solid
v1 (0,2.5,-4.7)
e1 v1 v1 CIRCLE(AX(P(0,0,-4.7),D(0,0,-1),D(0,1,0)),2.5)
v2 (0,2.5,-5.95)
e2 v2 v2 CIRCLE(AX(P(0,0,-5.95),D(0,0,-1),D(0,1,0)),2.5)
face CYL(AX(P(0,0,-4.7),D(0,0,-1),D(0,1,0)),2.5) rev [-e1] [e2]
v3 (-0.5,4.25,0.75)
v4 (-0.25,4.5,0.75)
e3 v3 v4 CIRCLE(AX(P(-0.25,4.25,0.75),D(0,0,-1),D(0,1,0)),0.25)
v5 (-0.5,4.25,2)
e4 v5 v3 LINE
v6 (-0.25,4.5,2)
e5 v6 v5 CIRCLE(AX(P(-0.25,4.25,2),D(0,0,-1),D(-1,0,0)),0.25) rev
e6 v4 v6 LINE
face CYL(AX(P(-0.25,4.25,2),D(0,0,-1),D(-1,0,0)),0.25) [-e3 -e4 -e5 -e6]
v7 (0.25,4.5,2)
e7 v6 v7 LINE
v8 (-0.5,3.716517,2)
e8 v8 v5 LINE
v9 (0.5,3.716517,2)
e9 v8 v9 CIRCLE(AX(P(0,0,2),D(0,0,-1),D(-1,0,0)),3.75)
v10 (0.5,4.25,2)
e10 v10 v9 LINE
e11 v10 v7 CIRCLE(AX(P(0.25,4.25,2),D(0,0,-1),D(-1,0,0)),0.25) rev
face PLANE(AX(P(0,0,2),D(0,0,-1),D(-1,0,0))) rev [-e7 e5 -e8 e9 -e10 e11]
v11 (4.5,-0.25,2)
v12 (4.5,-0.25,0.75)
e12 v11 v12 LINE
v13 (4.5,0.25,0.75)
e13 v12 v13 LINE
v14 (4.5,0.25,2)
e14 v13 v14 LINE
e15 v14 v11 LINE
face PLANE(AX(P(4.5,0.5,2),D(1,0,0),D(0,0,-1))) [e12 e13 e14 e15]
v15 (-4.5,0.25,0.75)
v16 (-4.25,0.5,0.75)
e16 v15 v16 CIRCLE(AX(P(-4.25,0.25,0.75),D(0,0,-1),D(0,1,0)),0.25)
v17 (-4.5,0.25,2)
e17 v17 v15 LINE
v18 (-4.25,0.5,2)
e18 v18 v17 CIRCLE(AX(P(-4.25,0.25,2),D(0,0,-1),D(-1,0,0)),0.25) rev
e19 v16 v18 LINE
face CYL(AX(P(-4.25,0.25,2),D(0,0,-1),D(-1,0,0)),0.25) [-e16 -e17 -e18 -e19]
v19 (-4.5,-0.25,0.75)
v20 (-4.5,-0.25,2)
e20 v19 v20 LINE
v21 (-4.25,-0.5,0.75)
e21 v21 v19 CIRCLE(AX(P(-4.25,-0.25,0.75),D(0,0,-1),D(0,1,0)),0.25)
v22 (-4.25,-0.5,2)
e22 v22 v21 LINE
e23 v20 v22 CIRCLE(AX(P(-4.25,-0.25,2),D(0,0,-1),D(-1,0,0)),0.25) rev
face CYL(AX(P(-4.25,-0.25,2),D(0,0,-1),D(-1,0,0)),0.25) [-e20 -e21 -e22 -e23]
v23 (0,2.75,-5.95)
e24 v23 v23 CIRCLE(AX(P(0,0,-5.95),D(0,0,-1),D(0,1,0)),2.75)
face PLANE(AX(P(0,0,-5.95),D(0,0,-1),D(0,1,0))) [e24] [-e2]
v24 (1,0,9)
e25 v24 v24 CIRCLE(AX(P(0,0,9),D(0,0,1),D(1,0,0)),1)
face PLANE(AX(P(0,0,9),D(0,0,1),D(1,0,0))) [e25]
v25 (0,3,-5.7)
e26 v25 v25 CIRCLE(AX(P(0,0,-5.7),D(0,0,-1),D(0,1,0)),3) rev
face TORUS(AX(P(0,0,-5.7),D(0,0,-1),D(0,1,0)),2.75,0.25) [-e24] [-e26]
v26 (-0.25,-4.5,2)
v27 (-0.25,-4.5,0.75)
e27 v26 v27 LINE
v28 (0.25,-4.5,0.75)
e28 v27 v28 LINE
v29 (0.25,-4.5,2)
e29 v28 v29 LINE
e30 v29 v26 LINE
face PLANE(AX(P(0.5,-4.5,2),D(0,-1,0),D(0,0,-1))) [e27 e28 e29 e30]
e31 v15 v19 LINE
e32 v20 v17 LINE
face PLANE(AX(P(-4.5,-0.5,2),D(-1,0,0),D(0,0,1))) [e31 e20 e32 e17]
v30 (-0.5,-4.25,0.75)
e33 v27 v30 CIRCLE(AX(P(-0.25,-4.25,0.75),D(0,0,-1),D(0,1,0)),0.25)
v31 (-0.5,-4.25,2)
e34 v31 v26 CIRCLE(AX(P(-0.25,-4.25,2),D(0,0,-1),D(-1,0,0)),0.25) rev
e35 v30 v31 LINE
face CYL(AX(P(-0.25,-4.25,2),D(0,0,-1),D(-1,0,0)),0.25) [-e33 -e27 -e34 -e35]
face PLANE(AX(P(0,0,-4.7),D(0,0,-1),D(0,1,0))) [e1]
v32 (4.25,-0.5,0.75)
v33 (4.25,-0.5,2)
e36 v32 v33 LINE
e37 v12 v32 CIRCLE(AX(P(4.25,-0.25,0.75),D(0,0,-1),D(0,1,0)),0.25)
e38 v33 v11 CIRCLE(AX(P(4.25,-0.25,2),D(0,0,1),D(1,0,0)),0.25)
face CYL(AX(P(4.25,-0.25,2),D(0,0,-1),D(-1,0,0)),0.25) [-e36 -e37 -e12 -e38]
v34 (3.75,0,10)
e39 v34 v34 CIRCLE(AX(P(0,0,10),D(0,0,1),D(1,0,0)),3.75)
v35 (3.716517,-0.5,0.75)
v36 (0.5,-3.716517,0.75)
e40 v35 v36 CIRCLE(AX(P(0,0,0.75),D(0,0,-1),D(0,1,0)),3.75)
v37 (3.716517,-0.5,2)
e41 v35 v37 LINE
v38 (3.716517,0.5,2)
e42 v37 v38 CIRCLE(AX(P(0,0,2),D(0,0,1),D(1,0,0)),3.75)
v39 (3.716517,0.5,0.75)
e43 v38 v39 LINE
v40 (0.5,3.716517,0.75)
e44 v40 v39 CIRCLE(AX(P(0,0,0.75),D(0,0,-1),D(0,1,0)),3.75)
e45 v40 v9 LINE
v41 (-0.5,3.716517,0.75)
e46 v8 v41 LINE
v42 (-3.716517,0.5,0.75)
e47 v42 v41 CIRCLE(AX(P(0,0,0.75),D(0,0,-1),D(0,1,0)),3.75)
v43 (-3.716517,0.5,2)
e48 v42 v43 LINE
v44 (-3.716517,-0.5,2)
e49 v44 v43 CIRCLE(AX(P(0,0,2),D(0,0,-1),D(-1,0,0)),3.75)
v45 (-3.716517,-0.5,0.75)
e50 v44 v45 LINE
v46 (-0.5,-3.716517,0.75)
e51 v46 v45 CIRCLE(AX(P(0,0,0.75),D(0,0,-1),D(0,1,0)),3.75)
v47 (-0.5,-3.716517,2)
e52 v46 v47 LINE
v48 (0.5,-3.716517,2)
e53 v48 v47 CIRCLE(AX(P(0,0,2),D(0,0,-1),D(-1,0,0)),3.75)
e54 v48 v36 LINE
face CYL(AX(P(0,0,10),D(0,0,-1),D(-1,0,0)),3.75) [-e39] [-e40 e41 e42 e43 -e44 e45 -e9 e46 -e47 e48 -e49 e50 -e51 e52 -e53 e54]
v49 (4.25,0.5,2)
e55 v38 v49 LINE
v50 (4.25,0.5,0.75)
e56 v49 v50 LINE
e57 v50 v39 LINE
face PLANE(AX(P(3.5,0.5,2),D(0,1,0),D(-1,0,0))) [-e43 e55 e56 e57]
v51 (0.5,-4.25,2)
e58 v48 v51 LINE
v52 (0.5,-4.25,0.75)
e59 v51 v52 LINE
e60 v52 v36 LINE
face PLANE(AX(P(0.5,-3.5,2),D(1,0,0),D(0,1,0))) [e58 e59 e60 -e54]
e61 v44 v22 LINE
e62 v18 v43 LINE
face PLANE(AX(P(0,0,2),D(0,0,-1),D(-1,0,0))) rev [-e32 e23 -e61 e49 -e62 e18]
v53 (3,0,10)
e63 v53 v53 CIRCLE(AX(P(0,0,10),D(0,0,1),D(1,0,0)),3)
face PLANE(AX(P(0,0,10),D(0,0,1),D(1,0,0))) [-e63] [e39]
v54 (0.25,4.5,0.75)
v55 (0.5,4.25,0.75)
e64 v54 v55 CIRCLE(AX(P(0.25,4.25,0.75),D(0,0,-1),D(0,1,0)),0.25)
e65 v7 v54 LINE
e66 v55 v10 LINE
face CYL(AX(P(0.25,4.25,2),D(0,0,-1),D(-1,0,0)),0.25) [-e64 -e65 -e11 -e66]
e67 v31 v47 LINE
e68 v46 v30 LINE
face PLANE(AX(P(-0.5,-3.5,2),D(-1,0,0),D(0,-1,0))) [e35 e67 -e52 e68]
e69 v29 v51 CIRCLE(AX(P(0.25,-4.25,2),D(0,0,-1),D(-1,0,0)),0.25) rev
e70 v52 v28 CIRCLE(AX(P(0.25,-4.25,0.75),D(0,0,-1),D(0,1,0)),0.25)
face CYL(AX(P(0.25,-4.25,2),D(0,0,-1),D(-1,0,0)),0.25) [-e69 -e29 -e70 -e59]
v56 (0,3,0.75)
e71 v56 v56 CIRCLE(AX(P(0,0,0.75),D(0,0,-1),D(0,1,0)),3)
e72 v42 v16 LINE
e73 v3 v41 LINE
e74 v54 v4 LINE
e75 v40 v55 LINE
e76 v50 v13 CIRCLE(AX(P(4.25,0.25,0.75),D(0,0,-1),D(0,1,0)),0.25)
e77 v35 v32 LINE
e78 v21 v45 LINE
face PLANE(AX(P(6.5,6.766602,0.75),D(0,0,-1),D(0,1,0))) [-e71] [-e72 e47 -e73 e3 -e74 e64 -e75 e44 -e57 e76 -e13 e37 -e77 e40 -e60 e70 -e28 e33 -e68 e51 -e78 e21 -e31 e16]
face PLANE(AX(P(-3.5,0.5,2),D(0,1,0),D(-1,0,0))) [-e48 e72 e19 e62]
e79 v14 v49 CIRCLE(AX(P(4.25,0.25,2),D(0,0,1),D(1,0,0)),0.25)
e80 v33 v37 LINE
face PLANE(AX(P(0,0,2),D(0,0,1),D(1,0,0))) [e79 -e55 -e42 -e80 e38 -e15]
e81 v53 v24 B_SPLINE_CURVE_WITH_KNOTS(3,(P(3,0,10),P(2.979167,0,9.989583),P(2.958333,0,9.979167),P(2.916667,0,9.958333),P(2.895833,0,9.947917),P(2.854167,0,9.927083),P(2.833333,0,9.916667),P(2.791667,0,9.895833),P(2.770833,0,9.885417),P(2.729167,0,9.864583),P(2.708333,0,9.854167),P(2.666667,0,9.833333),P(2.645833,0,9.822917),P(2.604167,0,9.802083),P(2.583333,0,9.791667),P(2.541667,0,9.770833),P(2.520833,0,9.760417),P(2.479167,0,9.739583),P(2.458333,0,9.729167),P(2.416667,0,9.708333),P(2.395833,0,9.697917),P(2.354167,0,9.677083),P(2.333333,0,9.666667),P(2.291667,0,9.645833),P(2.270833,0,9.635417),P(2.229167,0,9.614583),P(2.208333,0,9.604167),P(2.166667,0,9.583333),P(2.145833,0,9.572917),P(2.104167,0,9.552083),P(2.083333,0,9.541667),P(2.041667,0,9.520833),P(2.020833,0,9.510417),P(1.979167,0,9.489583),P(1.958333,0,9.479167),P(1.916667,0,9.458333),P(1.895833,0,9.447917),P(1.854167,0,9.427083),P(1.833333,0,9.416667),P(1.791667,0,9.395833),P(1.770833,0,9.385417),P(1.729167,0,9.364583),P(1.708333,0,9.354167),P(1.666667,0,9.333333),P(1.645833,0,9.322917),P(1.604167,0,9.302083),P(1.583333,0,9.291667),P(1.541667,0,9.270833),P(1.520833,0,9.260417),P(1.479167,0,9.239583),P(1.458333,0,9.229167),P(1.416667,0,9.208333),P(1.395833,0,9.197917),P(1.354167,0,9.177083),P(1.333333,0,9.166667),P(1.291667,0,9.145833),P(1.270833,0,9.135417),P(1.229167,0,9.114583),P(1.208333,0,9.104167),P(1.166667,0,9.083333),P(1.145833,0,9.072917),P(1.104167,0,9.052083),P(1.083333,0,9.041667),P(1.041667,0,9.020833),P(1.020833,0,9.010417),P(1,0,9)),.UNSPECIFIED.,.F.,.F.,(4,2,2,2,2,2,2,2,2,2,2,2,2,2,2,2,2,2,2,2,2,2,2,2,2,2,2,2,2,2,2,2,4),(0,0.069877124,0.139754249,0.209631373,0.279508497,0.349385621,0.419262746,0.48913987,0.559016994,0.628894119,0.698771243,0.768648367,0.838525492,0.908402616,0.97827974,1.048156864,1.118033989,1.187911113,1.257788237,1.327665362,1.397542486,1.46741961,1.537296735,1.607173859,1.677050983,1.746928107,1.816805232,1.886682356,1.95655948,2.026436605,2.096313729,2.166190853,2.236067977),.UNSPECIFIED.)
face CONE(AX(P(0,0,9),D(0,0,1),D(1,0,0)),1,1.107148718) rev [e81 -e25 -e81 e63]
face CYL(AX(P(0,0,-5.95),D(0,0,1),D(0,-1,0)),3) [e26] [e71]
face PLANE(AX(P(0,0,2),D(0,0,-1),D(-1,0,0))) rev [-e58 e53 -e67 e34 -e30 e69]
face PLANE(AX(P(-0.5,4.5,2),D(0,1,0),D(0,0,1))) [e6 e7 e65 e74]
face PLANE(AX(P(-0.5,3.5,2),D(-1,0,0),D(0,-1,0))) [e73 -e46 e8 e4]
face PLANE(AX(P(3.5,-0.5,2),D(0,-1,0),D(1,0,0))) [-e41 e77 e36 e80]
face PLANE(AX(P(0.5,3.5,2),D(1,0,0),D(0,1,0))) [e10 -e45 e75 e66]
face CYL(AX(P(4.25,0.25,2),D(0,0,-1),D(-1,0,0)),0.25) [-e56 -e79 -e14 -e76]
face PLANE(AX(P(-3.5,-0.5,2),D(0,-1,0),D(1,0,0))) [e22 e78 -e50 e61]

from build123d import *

# Parameters (mm, degrees)
SKETCH1_R               = 3.75
BOSS_EXTRUDE1_DEPTH     = 10
SKETCH4_W               = 1
SKETCH4_H               = 1
BOSS_EXTRUDE2_DEPTH     = 2
CUT_EXTRUDE1_DEPTH      = 6.5
CUT_EXTRUDE1_DEPTH_BACK = 6.5
SKETCH5_W               = 3.094482754
SKETCH5_H               = 13.244386188
SKETCH6_R               = 3
BOSS_EXTRUDE3_DEPTH     = 6.7
SKETCH7_R               = 2.5
CUT_EXTRUDE2_DEPTH      = 1.25
FILLET2_R               = 0.25
FILLET3_R               = 0.25


with BuildPart() as part:
    # Sketch1 → Boss-Extrude1 (new body)
    with BuildSketch(Plane.XY):
        Circle(SKETCH1_R)
    extrude(amount=BOSS_EXTRUDE1_DEPTH)

    # Sketch3 → Cut-Revolve1 (revolve, cut)
    with BuildSketch(Plane(origin=(0, 0, 0), x_dir=(1, 0, 0), z_dir=(0, 1, 0)), mode=Mode.PRIVATE) as cut_revolve1_sk:
        Polygon((-3, -10), (0, -10), (0, -9), (-1, -9), align=None)
    revolve(cut_revolve1_sk.sketch.rotate(Axis((0, 0, 10), (0, 0, -1)), 180), axis=Axis((0, 0, 10), (0, 0, -1)), mode=Mode.SUBTRACT)

    # Sketch4 → Boss-Extrude2 (add)
    with BuildSketch(Plane(origin=(0, 0, 0), x_dir=(-1, 0, 0), z_dir=(0, 0, -1))):
        with Locations((0, 4)):
            Rectangle(SKETCH4_W, SKETCH4_H)
        with Locations((-4, 0)):
            Rectangle(SKETCH4_W, SKETCH4_H)
        with Locations((4, 0)):
            Rectangle(SKETCH4_W, SKETCH4_H)
        with Locations((0, -4)):
            Rectangle(SKETCH4_W, SKETCH4_H)
    extrude(amount=-BOSS_EXTRUDE2_DEPTH)

    # Sketch5 → Cut-Extrude1 (cut, two sides: drawn at the far end of the back side and taken through both)
    with BuildSketch(Plane(origin=(0, 0, 0), x_dir=(0, 0, -1), z_dir=(1, 0, 0)).offset(-CUT_EXTRUDE1_DEPTH_BACK)):
        with Locations((0.797241377, 0.144409195)):
            Rectangle(SKETCH5_W, SKETCH5_H)
    extrude(amount=CUT_EXTRUDE1_DEPTH + CUT_EXTRUDE1_DEPTH_BACK, mode=Mode.SUBTRACT)

    # Sketch6 → Boss-Extrude3 (add)
    with BuildSketch(Plane(origin=(0, 0, 0.75), x_dir=(-1, 0, 0), z_dir=(0, 0, -1))):
        with Locations(Location((0, 0, 0), (0, 0, 90))):
            Circle(SKETCH6_R)
    extrude(amount=BOSS_EXTRUDE3_DEPTH)

    # Sketch7 → Cut-Extrude2 (cut)
    with BuildSketch(Plane(origin=(0, 0, -5.95), x_dir=(-1, 0, 0), z_dir=(0, 0, -1))):
        with Locations(Location((0, 0, 0), (0, 0, 90))):
            Circle(SKETCH7_R)
    extrude(amount=-CUT_EXTRUDE2_DEPTH, mode=Mode.SUBTRACT)

    # Fillet2
    fillet2_edges = [part.edges().sort_by_distance(p)[0] for p in [
        (0, -3, -5.95),
    ]]
    fillet(fillet2_edges, radius=FILLET2_R)

    # Fillet3
    fillet3_edges = [part.edges().sort_by_distance(p)[0] for p in [
        (4.5, 0.5, 1.375),
        (4.5, -0.5, 1.375),
        (-0.5, 4.5, 1.375),
        (0.5, 4.5, 1.375),
        (-4.5, -0.5, 1.375),
        (-4.5, 0.5, 1.375),
        (0.5, -4.5, 1.375),
        (-0.5, -4.5, 1.375),
    ]]
    fillet(fillet3_edges, radius=FILLET3_R)


solid = part.part
